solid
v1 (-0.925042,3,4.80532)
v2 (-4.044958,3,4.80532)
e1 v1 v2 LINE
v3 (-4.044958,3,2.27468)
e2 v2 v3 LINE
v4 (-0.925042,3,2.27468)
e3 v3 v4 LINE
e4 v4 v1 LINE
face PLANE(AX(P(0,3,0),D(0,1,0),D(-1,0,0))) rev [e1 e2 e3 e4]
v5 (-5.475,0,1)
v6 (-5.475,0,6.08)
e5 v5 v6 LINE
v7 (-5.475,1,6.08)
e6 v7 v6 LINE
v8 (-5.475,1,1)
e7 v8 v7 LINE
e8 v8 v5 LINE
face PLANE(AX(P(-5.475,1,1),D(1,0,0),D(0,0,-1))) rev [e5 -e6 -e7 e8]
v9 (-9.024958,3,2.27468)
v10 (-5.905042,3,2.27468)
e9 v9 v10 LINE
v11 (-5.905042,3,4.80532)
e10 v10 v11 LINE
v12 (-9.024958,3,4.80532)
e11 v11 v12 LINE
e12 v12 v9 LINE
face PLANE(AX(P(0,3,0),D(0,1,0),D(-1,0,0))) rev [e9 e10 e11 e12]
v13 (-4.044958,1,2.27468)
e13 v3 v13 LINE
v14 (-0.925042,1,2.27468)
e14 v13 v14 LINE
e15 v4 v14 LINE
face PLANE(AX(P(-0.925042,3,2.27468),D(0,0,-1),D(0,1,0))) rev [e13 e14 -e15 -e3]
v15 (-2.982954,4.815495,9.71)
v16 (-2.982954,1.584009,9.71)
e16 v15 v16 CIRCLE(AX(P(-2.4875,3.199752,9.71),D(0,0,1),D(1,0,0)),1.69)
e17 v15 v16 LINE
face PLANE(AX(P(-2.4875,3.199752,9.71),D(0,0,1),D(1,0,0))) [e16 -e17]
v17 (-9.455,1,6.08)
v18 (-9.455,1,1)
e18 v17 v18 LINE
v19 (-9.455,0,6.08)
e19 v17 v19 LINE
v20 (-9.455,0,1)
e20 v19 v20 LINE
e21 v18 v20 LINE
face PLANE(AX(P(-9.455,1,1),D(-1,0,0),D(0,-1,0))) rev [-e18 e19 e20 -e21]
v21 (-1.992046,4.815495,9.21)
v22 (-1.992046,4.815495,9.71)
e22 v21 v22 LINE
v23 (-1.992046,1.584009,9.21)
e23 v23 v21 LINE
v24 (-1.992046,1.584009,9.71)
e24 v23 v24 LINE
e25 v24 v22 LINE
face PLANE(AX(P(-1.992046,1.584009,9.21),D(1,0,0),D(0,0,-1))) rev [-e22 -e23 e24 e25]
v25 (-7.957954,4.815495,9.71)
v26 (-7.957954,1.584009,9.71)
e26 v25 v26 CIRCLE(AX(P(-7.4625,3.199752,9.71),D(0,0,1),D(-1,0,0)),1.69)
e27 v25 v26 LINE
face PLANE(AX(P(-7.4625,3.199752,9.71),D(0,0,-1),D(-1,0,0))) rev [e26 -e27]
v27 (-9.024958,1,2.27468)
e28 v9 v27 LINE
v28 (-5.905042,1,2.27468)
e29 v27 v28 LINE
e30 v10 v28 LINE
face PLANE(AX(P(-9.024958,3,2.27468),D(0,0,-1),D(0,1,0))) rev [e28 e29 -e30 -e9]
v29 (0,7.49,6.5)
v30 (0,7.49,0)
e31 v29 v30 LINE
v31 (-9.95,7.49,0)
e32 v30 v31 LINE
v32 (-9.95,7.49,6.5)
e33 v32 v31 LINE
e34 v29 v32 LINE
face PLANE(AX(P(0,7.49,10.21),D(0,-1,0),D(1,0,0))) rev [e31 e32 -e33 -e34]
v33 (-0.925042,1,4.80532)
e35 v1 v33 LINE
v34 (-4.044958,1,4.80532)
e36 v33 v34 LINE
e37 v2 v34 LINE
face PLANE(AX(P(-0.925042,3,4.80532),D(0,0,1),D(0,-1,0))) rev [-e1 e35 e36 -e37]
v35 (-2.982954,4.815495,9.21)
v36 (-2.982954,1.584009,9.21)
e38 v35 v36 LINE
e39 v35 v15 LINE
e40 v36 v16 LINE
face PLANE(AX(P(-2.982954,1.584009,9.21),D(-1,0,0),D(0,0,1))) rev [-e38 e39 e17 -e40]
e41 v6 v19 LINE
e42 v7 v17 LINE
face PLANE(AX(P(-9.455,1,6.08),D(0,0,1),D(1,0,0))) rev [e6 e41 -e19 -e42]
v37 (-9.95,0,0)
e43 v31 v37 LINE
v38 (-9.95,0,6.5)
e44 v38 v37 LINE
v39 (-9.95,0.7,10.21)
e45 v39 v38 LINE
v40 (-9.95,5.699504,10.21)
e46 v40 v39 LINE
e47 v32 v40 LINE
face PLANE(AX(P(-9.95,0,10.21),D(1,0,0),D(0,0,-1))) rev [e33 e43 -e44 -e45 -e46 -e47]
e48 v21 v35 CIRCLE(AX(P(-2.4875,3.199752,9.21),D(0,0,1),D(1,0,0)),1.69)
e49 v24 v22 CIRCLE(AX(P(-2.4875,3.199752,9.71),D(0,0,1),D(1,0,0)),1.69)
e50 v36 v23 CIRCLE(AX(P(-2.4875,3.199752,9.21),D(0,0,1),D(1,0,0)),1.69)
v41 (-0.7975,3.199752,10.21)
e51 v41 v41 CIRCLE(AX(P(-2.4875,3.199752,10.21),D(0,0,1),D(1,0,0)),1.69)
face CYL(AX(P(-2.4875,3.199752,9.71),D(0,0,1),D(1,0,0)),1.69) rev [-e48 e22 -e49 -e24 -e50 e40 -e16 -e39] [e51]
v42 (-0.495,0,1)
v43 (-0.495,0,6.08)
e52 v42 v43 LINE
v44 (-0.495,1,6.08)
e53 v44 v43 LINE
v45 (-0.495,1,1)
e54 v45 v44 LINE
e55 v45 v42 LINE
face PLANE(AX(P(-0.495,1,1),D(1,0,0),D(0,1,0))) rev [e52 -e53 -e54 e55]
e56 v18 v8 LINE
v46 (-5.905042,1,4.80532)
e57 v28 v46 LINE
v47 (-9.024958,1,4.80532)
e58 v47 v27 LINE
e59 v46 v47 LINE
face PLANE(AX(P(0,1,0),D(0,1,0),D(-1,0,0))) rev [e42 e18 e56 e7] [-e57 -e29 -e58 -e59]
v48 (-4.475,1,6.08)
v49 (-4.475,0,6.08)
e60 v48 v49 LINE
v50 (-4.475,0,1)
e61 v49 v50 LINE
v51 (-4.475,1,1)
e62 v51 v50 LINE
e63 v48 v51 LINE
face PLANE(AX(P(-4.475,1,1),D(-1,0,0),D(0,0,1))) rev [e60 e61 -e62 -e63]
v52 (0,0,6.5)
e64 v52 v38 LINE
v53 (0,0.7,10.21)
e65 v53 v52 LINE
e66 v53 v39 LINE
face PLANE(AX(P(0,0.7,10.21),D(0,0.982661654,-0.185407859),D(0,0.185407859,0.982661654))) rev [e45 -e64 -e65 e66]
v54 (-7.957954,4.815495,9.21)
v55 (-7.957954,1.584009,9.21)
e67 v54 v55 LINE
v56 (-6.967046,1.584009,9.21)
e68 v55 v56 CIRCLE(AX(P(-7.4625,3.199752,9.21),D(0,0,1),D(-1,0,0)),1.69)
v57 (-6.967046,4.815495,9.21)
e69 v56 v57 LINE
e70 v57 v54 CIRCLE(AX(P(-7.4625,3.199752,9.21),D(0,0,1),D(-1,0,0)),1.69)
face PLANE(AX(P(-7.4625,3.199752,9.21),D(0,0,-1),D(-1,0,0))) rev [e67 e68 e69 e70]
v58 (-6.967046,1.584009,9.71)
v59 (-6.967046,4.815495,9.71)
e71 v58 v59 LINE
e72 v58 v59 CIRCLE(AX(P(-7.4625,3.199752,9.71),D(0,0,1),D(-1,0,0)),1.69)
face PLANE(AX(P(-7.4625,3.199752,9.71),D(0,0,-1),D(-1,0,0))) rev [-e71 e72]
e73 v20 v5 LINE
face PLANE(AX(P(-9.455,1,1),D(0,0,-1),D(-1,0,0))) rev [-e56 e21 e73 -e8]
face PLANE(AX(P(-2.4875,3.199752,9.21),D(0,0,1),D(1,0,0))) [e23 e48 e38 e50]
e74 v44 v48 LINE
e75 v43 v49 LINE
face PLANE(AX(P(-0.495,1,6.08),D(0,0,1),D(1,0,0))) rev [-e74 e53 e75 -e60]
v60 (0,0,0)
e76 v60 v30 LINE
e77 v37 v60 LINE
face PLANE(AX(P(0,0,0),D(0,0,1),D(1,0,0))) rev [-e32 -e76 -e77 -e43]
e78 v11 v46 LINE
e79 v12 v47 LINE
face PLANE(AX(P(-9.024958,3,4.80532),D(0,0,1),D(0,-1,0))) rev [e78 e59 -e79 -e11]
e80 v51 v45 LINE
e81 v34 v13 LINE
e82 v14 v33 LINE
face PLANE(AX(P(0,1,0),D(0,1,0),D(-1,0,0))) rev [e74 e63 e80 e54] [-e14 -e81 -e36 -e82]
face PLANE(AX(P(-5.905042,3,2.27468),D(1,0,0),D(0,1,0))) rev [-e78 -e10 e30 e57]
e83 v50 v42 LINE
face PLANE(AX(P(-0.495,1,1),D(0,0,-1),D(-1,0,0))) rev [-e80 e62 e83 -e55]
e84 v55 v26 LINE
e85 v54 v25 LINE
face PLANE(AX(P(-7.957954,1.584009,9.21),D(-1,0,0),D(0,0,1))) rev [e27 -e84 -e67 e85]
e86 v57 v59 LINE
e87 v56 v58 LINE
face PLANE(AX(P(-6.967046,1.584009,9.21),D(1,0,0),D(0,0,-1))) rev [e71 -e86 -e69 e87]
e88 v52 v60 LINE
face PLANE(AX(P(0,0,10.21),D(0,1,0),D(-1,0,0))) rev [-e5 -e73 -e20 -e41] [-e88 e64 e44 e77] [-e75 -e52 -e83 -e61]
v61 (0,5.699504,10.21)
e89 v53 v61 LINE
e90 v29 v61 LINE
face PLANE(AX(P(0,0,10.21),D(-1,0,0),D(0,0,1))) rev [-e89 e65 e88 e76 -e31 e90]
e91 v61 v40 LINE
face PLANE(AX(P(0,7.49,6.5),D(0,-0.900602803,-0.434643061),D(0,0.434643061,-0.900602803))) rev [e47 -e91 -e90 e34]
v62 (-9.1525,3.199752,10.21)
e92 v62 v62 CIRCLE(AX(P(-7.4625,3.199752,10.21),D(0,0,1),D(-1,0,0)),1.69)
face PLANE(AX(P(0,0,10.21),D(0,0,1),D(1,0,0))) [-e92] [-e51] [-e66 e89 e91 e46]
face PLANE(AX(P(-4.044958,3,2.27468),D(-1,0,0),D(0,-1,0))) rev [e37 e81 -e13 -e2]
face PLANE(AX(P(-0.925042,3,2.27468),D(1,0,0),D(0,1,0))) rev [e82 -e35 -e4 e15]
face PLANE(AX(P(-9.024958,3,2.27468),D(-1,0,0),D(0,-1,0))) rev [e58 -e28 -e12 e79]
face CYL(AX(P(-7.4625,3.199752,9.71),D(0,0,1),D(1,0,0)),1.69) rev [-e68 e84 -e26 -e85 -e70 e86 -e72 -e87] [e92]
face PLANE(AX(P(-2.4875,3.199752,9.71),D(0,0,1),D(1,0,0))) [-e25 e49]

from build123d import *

# Parameters (mm, degrees)
CROQUIS1_W              = 9.95
CROQUIS1_H              = 7.49
SALIENTE_EXTRUIR1_DEPTH = 10.21
CORTAR_EXTRUIR1_DEPTH   = 17.104244782
CROQUIS3_W              = 3.98
CROQUIS3_H              = 5.08
CORTAR_EXTRUIR3_DEPTH   = 1
CROQUIS4_R              = 1.69
CORTAR_EXTRUIR4_DEPTH   = 0.5
CORTAR_EXTRUIR6_DEPTH   = 0.5
CROQUIS7_W              = 3.119915204
CROQUIS7_H              = 2.530639344
CORTAR_EXTRUIR7_DEPTH   = 2


with BuildPart() as part:
    # Croquis1 → Saliente-Extruir1 (new body)
    with BuildSketch(Plane.XY):
        with Locations((-4.975, 3.745)):
            Rectangle(CROQUIS1_W, CROQUIS1_H)
    extrude(amount=SALIENTE_EXTRUIR1_DEPTH)

    # Croquis2 → Cortar-Extruir1 (cut, through all)
    with BuildSketch(Plane.ZY.offset(9.95)):
        Polygon((10.21, 5.699503954), (10.21, 7.49), (6.5, 7.49), align=None)
        Polygon((10.21, 0.7), (10.21, 0), (6.5, 0), align=None)
    extrude(amount=-CORTAR_EXTRUIR1_DEPTH, mode=Mode.SUBTRACT)

    # Croquis3 → Cortar-Extruir3 (cut)
    with BuildSketch(Plane(origin=(0, 0, 0), x_dir=(-1, 0, 0), z_dir=(0, -1, 0))):
        with Locations((2.485, -3.54)):
            Rectangle(CROQUIS3_W, CROQUIS3_H)
        with Locations((7.465, -3.54)):
            Rectangle(CROQUIS3_W, CROQUIS3_H)
    extrude(amount=-CORTAR_EXTRUIR3_DEPTH, mode=Mode.SUBTRACT)

    # Croquis4 → Cortar-Extruir4 (cut)
    with BuildSketch(Plane.XY.offset(10.21)):
        with Locations((-2.4875, 3.199751977)):
            Circle(CROQUIS4_R)
        with Locations(Location((-7.4625, 3.199751977, 0), (0, 0, 180))):
            Circle(CROQUIS4_R)
    extrude(amount=-CORTAR_EXTRUIR4_DEPTH, mode=Mode.SUBTRACT)

    # Croquis6 → Cortar-Extruir6 (cut)
    with BuildSketch(Plane.XY.offset(9.71)):
        with BuildLine():
            Line((-6.96704565, 1.584009118), (-6.96704565, 4.815494836))
            ThreePointArc((-6.96704565, 4.815494836), (-7.4625, 4.889751977), (-7.95795435, 4.815494836))
            Line((-7.95795435, 4.815494836), (-7.95795435, 1.584009118))
            ThreePointArc((-7.95795435, 1.584009118), (-7.4625, 1.509751977), (-6.96704565, 1.584009118))
        make_face()
        with BuildLine():
            Line((-1.99204565, 1.584009118), (-1.99204565, 4.815494836))
            ThreePointArc((-1.99204565, 4.815494836), (-2.4875, 4.889751977), (-2.98295435, 4.815494836))
            Line((-2.98295435, 4.815494836), (-2.98295435, 1.584009118))
            ThreePointArc((-2.98295435, 1.584009118), (-2.4875, 1.509751977), (-1.99204565, 1.584009118))
        make_face()
    extrude(amount=-CORTAR_EXTRUIR6_DEPTH, mode=Mode.SUBTRACT)

    # Croquis7 → Cortar-Extruir7 (cut)
    with BuildSketch(Plane(origin=(0, 1, 0), x_dir=(-1, 0, 0), z_dir=(0, -1, 0))):
        with Locations((7.465, -3.54)):
            Rectangle(CROQUIS7_W, CROQUIS7_H)
        with Locations((2.485, -3.54)):
            Rectangle(CROQUIS7_W, CROQUIS7_H)
    extrude(amount=-CORTAR_EXTRUIR7_DEPTH, mode=Mode.SUBTRACT)


solid = part.part
